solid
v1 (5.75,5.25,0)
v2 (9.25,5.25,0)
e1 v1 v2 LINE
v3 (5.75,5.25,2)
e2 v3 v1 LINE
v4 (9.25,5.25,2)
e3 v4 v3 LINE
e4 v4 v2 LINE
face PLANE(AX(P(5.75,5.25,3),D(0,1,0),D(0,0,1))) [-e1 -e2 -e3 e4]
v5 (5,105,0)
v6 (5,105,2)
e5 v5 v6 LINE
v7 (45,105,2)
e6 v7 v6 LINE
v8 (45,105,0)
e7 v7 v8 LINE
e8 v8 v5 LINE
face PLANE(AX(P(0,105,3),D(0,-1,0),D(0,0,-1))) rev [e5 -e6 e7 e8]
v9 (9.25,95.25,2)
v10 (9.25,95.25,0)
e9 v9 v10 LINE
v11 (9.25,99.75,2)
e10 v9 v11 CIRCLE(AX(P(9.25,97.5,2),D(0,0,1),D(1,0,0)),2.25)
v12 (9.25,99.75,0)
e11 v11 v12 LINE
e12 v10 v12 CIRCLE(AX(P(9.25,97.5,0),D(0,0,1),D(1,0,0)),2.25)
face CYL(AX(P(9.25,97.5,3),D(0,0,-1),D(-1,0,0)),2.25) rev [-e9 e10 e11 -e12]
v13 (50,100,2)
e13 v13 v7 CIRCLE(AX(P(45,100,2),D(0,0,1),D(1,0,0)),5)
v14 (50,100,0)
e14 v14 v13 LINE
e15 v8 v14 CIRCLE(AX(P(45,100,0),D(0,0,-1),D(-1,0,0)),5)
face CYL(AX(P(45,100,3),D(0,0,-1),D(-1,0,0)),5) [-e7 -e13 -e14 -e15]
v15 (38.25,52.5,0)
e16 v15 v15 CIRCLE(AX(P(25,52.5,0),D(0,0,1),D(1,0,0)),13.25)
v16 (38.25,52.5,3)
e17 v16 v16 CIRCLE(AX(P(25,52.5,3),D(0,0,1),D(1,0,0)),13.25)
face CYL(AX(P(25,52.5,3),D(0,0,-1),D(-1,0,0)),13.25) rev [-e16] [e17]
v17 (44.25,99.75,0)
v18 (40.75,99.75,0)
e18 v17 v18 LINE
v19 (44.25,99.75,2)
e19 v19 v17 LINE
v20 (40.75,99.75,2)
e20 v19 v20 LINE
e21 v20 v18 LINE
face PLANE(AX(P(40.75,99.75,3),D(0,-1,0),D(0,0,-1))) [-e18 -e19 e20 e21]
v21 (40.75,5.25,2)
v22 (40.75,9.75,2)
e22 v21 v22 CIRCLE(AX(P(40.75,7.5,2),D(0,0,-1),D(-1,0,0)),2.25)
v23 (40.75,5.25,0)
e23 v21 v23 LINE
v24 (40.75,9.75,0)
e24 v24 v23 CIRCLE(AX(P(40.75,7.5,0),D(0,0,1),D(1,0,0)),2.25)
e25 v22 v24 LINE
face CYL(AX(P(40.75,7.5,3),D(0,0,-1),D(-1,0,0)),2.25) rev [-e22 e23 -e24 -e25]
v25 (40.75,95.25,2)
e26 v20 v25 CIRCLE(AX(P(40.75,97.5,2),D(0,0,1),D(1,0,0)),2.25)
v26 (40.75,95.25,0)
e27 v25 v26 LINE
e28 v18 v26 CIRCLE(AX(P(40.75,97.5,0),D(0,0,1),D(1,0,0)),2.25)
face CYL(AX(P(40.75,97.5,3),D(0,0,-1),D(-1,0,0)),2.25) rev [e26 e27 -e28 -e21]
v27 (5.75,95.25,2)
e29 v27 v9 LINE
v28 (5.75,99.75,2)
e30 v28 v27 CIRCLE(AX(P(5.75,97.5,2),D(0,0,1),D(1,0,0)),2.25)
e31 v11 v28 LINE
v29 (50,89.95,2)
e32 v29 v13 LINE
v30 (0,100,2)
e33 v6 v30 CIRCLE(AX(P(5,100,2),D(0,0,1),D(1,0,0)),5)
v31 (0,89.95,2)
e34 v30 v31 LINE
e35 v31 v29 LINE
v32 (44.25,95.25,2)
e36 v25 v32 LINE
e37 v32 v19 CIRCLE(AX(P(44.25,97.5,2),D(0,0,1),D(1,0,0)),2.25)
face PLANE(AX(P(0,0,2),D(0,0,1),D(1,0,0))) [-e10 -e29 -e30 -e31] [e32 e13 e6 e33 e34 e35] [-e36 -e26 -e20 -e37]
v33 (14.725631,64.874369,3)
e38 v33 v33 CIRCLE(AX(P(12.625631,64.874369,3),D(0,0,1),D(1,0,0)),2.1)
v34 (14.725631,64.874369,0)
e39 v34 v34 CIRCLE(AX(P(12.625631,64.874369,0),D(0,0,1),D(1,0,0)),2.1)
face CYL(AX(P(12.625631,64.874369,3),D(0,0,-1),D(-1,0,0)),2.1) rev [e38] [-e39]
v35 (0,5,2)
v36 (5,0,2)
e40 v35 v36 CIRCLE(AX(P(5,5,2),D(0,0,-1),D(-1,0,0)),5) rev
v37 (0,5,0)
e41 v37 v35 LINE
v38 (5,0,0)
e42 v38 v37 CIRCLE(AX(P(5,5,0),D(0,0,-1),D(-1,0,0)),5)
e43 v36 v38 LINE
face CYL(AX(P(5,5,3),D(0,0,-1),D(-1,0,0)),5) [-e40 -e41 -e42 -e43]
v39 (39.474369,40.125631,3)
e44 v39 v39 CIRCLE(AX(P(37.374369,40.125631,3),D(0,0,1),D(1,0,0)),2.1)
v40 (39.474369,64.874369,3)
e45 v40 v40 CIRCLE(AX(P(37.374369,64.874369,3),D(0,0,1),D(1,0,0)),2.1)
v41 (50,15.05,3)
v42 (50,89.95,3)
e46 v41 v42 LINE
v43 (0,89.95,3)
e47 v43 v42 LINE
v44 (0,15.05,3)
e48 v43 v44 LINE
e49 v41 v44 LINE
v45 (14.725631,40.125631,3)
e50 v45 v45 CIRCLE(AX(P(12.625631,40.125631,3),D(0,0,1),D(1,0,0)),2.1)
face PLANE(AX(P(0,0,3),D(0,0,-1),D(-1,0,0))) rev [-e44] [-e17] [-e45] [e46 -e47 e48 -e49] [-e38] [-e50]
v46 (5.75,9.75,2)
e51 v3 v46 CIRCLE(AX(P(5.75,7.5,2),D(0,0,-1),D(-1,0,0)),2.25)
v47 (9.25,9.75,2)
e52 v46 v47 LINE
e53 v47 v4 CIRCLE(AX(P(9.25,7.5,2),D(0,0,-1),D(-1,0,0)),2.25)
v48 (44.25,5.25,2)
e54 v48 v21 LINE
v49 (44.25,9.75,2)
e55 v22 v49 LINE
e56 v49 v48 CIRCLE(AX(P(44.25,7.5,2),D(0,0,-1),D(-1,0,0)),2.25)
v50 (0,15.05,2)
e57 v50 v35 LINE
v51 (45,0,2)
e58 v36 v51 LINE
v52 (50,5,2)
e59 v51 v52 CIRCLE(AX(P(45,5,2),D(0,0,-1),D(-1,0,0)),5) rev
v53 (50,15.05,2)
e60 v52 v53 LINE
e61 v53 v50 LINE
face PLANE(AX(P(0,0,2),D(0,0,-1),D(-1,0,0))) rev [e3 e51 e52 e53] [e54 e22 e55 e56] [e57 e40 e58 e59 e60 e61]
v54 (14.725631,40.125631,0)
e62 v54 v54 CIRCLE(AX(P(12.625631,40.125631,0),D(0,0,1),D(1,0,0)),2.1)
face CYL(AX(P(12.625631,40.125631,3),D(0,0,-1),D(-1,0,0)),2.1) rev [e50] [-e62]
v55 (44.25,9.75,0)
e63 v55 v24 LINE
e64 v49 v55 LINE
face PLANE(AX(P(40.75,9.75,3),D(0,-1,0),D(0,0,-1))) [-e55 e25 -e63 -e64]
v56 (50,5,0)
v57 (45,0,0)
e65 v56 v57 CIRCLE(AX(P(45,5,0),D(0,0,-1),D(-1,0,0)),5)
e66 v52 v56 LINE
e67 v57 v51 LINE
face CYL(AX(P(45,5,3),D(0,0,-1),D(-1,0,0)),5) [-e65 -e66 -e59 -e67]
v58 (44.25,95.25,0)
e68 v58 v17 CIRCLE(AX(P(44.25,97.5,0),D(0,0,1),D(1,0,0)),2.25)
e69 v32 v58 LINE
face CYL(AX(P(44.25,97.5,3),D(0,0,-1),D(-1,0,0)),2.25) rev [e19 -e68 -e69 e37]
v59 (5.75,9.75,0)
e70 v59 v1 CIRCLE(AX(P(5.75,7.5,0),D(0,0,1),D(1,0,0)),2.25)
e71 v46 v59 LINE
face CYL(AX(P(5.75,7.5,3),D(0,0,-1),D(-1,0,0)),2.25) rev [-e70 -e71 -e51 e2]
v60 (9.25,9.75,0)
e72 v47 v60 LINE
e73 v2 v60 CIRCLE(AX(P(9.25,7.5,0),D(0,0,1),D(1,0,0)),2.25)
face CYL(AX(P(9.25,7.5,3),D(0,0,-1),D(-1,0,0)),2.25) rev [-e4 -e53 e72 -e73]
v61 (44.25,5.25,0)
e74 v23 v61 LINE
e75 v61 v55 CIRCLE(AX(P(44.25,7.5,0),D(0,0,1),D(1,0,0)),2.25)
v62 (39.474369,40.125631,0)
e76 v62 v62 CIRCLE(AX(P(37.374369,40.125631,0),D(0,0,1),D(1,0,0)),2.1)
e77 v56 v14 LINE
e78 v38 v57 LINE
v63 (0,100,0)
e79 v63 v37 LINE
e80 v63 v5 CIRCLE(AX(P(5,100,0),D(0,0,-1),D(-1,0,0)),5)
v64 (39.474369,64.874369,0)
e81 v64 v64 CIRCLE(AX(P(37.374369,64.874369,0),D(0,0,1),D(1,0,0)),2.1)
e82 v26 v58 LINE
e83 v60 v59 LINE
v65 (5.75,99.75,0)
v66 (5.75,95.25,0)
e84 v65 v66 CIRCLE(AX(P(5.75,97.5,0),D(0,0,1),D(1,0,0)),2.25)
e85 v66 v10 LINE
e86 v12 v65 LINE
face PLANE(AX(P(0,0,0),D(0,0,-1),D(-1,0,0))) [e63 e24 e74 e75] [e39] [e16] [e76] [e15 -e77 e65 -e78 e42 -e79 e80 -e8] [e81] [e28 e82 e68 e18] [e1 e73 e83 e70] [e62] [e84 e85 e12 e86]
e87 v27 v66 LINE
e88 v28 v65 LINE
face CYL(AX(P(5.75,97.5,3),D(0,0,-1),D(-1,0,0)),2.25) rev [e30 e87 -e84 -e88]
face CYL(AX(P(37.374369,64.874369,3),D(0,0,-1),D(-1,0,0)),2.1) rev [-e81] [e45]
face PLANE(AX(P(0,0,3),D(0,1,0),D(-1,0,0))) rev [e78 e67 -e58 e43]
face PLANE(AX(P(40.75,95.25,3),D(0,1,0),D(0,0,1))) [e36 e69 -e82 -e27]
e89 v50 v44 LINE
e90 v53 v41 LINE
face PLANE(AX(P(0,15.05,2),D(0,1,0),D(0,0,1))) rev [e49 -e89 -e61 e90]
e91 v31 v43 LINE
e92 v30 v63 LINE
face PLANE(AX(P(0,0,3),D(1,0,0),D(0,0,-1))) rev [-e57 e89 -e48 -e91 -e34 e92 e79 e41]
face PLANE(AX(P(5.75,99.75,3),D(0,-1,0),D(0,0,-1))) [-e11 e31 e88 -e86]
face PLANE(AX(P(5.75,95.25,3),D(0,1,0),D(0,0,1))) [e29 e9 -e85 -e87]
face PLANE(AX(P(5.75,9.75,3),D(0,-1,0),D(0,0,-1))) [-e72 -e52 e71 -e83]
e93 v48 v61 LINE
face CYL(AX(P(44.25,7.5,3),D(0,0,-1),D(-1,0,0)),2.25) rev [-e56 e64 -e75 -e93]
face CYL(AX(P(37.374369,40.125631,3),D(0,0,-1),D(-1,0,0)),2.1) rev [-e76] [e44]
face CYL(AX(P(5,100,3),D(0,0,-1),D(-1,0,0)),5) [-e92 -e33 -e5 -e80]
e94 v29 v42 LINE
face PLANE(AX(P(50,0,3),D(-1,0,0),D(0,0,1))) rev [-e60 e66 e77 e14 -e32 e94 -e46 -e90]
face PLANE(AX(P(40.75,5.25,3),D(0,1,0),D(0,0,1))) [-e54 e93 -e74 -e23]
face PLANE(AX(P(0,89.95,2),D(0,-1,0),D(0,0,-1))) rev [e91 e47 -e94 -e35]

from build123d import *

# Parameters (mm, degrees)
SKETCH_2_W          = 50
SKETCH_2_H          = 105
SKETCH_2_R          = 13.25
SKETCH_2_R_2        = 2.1
EXTRUDE_1_DEPTH     = 3
SKETCH_3_W          = 50
SKETCH_3_H          = 15.05
CUT_EXTRUDE_1_DEPTH = 1
FILLET_1_R          = 5


with BuildPart() as part:
    # ｽｹｯﾁ2 → ﾎﾞｽ - 押し出し1 (new body)
    with BuildSketch(Plane.XY):
        with Locations((25, 52.5)):
            Rectangle(SKETCH_2_W, SKETCH_2_H)
        with Locations((25, 52.5)):
            Circle(SKETCH_2_R, mode=Mode.SUBTRACT)
        with Locations((37.374368671, 64.874368671)):
            Circle(SKETCH_2_R_2, mode=Mode.SUBTRACT)
        with Locations((12.625631329, 64.874368671)):
            Circle(SKETCH_2_R_2, mode=Mode.SUBTRACT)
        with Locations((37.374368671, 40.125631329)):
            Circle(SKETCH_2_R_2, mode=Mode.SUBTRACT)
        with Locations((12.625631329, 40.125631329)):
            Circle(SKETCH_2_R_2, mode=Mode.SUBTRACT)
        with BuildLine():
            Line((5.75, 9.75), (9.25, 9.75))
            ThreePointArc((9.25, 9.75), (11.5, 7.5), (9.25, 5.25))
            Line((9.25, 5.25), (5.75, 5.25))
            ThreePointArc((5.75, 5.25), (3.5, 7.5), (5.75, 9.75))
        make_face(mode=Mode.SUBTRACT)
        with BuildLine():
            Line((40.750000202, 9.75), (44.250000202, 9.75))
            ThreePointArc((44.250000202, 9.75), (46.500000202, 7.5), (44.250000202, 5.25))
            Line((44.250000202, 5.25), (40.750000202, 5.25))
            ThreePointArc((40.750000202, 5.25), (38.500000202, 7.5), (40.750000202, 9.75))
        make_face(mode=Mode.SUBTRACT)
        with BuildLine():
            Line((40.750000101, 99.75), (44.250000101, 99.75))
            ThreePointArc((44.250000101, 99.75), (46.500000101, 97.5), (44.250000101, 95.25))
            Line((44.250000101, 95.25), (40.750000101, 95.25))
            ThreePointArc((40.750000101, 95.25), (38.500000101, 97.5), (40.750000101, 99.75))
        make_face(mode=Mode.SUBTRACT)
        with BuildLine():
            Line((5.749999899, 99.75), (9.249999899, 99.75))
            ThreePointArc((9.249999899, 99.75), (11.499999899, 97.5), (9.249999899, 95.25))
            Line((9.249999899, 95.25), (5.749999899, 95.25))
            ThreePointArc((5.749999899, 95.25), (3.499999899, 97.5), (5.749999899, 99.75))
        make_face(mode=Mode.SUBTRACT)
    extrude(amount=EXTRUDE_1_DEPTH)

    # ｽｹｯﾁ3 → ｶｯﾄ - 押し出し1 (cut)
    with BuildSketch(Plane.XY.offset(3)):
        with Locations((25, 97.475)):
            Rectangle(SKETCH_3_W, SKETCH_3_H)
        with Locations((25, 7.525)):
            Rectangle(SKETCH_3_W, SKETCH_3_H)
    extrude(amount=-CUT_EXTRUDE_1_DEPTH, mode=Mode.SUBTRACT)

    # ﾌｨﾚｯﾄ1
    fillet_1_edges = [part.edges().sort_by_distance(p)[0] for p in [
        (0, 105, 1),
        (50, 105, 1),
        (50, 0, 1),
        (0, 0, 1),
    ]]
    fillet(fillet_1_edges, radius=FILLET_1_R)


solid = part.part
